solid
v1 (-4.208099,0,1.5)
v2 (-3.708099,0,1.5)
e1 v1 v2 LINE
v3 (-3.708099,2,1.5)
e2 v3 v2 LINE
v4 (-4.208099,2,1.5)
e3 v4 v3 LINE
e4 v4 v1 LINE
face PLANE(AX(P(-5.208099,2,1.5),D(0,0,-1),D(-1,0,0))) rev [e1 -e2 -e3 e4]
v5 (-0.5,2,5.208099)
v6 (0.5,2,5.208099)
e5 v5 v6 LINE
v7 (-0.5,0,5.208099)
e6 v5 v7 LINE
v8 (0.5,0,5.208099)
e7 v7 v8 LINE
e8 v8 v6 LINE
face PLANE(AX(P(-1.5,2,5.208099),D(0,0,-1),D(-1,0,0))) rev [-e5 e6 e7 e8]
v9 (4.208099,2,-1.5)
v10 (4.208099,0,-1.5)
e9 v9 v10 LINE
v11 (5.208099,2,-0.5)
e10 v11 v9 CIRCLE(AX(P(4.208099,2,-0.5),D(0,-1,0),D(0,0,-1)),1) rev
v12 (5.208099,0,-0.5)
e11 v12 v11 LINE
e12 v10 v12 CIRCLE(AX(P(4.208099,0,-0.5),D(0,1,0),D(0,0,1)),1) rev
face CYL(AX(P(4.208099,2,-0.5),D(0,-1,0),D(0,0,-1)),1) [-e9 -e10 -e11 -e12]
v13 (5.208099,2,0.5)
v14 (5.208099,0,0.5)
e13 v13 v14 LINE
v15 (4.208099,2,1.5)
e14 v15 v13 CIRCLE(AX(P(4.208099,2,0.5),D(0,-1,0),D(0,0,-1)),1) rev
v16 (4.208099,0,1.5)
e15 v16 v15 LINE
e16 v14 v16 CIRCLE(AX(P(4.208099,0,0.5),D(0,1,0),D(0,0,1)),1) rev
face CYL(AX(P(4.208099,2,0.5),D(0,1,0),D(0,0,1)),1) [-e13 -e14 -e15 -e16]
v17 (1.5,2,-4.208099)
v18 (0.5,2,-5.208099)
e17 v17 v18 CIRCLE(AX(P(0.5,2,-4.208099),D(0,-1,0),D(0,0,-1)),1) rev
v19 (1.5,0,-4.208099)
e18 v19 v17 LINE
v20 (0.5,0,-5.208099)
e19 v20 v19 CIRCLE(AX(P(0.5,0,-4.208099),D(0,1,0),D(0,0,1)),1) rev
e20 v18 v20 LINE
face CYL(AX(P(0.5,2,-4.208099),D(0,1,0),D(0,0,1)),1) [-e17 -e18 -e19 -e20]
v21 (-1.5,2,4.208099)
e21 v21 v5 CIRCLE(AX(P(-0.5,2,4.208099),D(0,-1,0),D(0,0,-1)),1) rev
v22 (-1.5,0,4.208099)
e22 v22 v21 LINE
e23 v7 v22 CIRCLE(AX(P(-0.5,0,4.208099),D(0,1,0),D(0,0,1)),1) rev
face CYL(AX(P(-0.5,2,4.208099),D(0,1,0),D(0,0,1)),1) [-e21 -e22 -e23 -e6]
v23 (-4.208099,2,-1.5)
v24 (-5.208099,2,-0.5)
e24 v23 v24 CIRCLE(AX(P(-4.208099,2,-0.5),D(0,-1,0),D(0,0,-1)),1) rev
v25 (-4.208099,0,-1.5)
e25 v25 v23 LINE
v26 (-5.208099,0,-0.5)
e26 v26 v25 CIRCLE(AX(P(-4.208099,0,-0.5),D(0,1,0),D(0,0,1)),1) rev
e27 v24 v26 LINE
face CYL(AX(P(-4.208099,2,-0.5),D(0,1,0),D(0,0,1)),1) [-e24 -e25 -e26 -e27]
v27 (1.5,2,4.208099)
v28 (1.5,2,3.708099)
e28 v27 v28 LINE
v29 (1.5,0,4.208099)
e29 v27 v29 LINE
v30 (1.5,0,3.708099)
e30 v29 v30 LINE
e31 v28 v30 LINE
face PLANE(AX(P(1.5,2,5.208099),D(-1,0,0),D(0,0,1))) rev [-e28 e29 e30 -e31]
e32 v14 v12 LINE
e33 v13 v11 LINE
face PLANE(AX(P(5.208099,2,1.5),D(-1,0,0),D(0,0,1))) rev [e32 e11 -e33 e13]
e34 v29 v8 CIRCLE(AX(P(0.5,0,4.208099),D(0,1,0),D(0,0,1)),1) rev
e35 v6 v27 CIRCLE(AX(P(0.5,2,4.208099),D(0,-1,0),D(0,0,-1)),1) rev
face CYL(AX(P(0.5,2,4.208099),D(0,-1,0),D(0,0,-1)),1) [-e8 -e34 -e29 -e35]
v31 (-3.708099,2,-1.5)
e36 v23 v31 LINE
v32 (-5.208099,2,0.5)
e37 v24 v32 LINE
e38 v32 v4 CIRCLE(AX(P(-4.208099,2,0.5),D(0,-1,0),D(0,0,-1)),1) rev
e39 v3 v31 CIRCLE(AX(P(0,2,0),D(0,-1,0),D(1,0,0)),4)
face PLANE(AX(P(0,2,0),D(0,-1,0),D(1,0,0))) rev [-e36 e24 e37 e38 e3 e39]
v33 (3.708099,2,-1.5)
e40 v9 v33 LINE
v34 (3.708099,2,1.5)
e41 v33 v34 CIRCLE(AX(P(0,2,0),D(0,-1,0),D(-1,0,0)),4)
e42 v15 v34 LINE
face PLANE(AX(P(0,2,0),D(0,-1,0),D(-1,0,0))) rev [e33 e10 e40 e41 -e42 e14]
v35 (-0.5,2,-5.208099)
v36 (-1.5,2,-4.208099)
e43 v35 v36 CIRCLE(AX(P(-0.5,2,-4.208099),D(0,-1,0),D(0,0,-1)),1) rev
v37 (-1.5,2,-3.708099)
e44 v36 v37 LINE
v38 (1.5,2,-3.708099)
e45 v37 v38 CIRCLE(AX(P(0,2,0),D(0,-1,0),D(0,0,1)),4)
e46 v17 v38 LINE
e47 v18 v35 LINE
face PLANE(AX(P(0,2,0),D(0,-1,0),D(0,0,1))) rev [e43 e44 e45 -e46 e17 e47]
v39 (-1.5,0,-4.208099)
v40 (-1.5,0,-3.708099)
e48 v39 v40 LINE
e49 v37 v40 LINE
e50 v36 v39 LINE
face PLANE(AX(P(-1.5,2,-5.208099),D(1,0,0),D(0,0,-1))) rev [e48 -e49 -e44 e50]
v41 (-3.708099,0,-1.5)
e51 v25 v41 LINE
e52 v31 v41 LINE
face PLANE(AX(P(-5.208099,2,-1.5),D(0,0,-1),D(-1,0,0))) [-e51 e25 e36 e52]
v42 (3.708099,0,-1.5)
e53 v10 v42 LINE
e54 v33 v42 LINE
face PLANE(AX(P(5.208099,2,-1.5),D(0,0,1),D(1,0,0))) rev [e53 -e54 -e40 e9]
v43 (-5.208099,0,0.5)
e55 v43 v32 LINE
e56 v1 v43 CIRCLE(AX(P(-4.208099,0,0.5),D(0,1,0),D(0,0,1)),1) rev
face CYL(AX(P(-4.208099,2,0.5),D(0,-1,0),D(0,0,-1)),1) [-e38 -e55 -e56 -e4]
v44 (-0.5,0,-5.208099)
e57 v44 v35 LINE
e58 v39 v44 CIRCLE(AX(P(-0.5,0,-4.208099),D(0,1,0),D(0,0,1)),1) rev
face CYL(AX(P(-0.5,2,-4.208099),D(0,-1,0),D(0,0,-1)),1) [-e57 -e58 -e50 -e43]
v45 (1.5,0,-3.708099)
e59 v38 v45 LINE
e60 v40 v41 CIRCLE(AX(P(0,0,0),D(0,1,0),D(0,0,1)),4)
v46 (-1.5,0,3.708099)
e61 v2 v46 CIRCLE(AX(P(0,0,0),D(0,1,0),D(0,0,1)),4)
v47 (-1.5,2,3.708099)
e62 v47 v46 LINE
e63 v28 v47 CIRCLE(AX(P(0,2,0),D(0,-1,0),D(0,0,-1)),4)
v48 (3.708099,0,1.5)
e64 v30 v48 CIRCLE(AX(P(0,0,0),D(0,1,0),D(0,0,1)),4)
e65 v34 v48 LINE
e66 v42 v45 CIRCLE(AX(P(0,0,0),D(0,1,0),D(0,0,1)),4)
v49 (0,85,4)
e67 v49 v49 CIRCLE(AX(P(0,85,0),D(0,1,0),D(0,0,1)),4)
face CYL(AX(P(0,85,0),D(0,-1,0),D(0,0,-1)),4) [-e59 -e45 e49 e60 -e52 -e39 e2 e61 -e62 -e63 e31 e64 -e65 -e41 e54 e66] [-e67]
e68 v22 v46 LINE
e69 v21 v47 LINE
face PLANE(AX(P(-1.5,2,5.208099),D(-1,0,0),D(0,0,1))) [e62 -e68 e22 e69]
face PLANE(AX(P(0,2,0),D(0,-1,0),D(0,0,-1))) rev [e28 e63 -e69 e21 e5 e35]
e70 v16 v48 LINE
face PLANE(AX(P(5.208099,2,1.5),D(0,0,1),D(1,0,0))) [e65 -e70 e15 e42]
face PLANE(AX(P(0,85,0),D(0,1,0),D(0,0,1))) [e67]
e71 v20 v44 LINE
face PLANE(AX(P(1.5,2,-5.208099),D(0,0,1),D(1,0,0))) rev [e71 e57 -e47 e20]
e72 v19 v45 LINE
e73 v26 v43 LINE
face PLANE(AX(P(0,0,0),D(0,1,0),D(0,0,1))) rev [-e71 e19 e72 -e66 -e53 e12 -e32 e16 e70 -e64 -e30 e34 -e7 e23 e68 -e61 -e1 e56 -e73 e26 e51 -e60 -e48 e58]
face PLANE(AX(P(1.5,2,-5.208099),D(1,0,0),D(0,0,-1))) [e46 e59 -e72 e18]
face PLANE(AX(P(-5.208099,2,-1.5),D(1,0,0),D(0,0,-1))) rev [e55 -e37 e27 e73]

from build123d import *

# Parameters (mm, degrees)
CROQUIS1_R              = 4
SALIENTE_EXTRUIR1_DEPTH = 85
SALIENTE_EXTRUIR2_DEPTH = 2
REDONDEO1_R             = 1
MATRIZC1_COUNT          = 4
REDONDEO1_OF_MATRIZC1_R = 1


with BuildPart() as part:
    # Croquis1 → Saliente-Extruir1 (new body)
    with BuildSketch(Plane(origin=(0, 0, 0), x_dir=(1, 0, 0), z_dir=(0, 1, 0))):
        with Locations(Location((0, 0, 0), (0, 0, 270))):
            Circle(CROQUIS1_R)
    extrude(amount=SALIENTE_EXTRUIR1_DEPTH)

    # Croquis2 → Saliente-Extruir2 (add)
    with BuildSketch(Plane.XZ):
        with BuildLine():
            Line((-1.5, 5.208099244), (1.5, 5.208099244))
            Line((1.5, 5.208099244), (1.5, 3.708099244))
            ThreePointArc((1.5, 3.708099244), (0, 4), (-1.5, 3.708099244))
            Line((-1.5, 3.708099244), (-1.5, 5.208099244))
        make_face()
    saliente_extruir2 = extrude(amount=-SALIENTE_EXTRUIR2_DEPTH)

    # Redondeo1
    redondeo1_edges = [part.edges().sort_by_distance(p)[0] for p in [
        (-1.5, 1, 5.208099244),
        (1.5, 1, 5.208099244),
    ]]
    fillet(redondeo1_edges, radius=REDONDEO1_R)

    # MatrizC1: Saliente-Extruir2 ×4 about axis
    matrizc1_axis = Axis((0, 0, 0), (0, 1, 0))
    for i in range(1, MATRIZC1_COUNT):
        add(saliente_extruir2.rotate(matrizc1_axis, i * 360 / MATRIZC1_COUNT))

    # Redondeo1 of MatrizC1
    redondeo1_of_matrizc1_edges = [part.edges().sort_by_distance(p)[0] for p in [
        (5.208099244, 1, 1.5),
        (5.208099244, 1, -1.5),
        (1.5, 1, -5.208099244),
        (-1.5, 1, -5.208099244),
        (-5.208099244, 1, -1.5),
        (-5.208099244, 1, 1.5),
    ]]
    fillet(redondeo1_of_matrizc1_edges, radius=REDONDEO1_OF_MATRIZC1_R)


solid = part.part
